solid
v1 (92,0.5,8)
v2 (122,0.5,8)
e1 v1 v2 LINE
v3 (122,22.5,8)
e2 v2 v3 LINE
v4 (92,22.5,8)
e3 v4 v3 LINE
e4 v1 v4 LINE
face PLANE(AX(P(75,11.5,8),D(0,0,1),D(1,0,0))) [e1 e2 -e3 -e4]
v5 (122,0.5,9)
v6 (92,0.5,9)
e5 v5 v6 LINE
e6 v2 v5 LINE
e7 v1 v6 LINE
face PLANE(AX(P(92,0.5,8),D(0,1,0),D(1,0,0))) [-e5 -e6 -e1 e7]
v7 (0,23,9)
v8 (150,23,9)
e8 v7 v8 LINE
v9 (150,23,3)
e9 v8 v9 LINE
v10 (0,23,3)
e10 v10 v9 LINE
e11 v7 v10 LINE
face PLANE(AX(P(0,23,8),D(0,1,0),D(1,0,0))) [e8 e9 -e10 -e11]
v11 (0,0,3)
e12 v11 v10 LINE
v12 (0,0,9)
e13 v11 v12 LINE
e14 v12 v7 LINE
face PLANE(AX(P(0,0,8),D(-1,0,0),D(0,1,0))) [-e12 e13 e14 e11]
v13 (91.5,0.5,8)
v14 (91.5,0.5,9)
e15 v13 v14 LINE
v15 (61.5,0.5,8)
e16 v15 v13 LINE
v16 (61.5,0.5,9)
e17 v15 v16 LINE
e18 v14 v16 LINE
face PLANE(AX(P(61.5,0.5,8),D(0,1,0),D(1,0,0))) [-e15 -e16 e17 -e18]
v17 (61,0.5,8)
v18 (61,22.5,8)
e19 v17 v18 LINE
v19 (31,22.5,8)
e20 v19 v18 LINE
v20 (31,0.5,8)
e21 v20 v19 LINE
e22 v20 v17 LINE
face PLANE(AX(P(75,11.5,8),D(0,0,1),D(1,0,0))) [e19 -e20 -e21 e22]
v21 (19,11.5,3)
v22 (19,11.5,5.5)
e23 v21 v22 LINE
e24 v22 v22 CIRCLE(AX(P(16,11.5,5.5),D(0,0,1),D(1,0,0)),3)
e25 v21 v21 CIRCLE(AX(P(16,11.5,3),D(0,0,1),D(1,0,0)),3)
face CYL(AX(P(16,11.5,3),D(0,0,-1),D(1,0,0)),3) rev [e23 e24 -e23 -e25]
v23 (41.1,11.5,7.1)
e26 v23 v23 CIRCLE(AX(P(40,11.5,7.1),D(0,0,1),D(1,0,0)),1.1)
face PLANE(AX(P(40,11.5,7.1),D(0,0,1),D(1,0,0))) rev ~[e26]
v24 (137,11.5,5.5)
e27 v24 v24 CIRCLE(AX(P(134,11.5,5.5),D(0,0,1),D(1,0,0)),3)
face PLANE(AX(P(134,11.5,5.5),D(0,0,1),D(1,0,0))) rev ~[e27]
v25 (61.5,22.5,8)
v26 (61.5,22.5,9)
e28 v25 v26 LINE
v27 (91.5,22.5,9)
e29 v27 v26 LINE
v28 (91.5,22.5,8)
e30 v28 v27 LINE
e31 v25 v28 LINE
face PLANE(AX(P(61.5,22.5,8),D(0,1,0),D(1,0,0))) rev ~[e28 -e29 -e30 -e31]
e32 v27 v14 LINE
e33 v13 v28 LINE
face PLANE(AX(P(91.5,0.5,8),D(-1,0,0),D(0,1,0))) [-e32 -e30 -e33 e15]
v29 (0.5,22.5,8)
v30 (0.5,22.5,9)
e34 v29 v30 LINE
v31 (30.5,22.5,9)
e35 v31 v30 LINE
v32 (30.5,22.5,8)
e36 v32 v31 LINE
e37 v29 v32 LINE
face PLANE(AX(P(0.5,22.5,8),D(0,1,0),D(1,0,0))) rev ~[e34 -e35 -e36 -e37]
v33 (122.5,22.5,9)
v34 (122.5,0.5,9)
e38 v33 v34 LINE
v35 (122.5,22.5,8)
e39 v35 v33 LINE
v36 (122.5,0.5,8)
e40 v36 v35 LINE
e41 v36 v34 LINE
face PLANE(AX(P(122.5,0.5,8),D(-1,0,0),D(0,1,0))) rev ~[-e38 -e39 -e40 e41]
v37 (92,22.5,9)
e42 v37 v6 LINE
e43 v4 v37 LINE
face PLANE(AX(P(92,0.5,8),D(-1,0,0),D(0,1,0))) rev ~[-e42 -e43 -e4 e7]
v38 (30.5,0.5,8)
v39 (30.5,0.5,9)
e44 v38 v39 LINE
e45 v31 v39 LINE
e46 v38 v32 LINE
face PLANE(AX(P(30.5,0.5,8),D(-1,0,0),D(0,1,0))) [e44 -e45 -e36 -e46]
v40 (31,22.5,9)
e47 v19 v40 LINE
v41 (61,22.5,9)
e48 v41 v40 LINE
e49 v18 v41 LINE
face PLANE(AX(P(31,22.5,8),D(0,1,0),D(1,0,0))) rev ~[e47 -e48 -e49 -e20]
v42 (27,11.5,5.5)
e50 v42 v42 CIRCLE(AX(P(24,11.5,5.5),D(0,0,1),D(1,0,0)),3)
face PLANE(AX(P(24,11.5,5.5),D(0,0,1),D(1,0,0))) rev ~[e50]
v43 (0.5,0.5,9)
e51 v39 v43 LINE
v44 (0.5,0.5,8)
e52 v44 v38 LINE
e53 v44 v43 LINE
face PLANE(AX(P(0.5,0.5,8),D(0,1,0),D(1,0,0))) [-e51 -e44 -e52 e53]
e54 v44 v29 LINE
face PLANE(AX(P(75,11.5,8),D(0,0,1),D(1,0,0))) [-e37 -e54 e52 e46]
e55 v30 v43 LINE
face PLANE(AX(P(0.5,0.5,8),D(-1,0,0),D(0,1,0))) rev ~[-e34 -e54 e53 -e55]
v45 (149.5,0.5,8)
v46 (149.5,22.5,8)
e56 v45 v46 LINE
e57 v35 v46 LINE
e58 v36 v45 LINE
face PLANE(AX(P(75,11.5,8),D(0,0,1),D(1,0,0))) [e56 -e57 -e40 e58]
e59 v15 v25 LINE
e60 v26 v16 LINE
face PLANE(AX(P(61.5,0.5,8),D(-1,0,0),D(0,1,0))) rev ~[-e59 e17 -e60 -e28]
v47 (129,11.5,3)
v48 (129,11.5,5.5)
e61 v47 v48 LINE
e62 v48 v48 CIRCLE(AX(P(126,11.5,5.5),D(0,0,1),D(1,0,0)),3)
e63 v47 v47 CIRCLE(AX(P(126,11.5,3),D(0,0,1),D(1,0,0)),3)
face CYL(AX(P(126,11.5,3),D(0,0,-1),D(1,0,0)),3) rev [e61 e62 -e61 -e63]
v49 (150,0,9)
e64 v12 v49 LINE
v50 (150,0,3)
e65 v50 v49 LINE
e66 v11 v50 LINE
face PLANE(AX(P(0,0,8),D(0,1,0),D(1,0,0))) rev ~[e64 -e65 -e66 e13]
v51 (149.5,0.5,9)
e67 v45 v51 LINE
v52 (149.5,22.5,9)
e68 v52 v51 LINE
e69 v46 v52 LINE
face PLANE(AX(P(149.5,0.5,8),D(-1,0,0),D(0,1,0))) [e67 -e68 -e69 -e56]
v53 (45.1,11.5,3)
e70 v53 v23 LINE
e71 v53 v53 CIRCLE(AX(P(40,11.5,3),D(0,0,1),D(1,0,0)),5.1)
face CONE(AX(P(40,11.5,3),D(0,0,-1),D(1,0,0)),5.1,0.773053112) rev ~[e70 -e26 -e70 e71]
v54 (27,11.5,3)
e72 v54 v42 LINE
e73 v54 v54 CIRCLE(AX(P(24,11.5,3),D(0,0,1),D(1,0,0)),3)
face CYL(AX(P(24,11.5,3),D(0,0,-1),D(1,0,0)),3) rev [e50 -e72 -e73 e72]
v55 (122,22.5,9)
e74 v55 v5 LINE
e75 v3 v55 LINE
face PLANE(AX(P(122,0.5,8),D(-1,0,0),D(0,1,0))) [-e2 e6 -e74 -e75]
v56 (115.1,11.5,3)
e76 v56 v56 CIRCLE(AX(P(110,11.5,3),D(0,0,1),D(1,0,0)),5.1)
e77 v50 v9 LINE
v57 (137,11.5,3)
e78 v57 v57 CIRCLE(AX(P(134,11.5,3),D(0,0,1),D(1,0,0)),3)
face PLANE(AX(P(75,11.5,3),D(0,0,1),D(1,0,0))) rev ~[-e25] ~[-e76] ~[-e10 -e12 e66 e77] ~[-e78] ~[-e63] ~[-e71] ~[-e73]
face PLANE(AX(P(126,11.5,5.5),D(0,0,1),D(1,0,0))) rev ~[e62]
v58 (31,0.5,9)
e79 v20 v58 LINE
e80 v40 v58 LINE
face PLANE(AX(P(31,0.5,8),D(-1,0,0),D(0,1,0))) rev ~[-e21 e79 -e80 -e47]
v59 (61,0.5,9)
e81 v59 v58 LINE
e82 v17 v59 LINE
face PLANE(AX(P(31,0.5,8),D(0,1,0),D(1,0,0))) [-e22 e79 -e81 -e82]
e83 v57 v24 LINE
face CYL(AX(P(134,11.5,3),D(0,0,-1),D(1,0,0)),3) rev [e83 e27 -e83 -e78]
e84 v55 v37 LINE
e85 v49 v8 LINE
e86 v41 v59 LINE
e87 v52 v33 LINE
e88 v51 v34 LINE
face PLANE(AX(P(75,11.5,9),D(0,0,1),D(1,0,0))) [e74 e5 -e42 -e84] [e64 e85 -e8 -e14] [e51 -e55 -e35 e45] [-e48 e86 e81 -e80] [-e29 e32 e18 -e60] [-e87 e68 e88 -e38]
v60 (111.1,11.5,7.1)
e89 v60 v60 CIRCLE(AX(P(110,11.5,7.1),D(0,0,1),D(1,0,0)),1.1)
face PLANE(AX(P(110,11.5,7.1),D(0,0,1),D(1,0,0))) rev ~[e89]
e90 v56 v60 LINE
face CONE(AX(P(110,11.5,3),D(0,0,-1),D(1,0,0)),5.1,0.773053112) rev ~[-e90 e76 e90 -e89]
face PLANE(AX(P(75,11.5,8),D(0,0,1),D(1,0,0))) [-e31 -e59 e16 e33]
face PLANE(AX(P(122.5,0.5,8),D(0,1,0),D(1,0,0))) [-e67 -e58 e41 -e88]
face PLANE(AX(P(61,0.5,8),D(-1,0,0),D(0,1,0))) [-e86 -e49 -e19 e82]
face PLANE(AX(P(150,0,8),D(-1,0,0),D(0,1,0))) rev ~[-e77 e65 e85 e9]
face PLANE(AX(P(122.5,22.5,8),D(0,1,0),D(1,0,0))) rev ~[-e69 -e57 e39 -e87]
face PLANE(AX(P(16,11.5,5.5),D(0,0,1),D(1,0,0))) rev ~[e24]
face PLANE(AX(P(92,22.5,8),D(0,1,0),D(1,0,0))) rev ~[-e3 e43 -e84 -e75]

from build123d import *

# Parameters (mm, degrees)
BOX029_W          = 30
BOX029_H          = 22
BOX029_DEPTH      = 1.5
BOX030_W          = 27
BOX030_H          = 22
BOX030_DEPTH      = 1.5
BOX028_W          = 30
BOX028_H          = 22
BOX028_DEPTH      = 1.5
BOX027_W          = 30
BOX027_H          = 22
BOX027_DEPTH      = 1.5
BOX026_W          = 30
BOX026_H          = 22
BOX026_DEPTH      = 1.5
BOX025_W          = 150
BOX025_H          = 23
BOX025_DEPTH      = 1
CYLINDER006_R     = 3
CYLINDER006_DEPTH = 2.5
CYLINDER005_R     = 3
CYLINDER005_DEPTH = 2.5
CYLINDER007_R     = 3
CYLINDER007_DEPTH = 2.5
CYLINDER004_R     = 3
CYLINDER004_DEPTH = 2.5
BOX001_W          = 150
BOX001_H          = 23
BOX001_DEPTH      = 5


with BuildPart() as cube007:
    # Box029 → Box029 (new body)
    with BuildSketch(Plane(origin=(92, 0.5, 8), x_dir=(1, 0, 0), z_dir=(0, 0, 1))):
        with Locations((15, 11)):
            Rectangle(BOX029_W, BOX029_H)
    extrude(amount=BOX029_DEPTH)


with BuildPart() as cube008:
    # Box030 → Box030 (new body)
    with BuildSketch(Plane(origin=(122.5, 0.5, 8), x_dir=(1, 0, 0), z_dir=(0, 0, 1))):
        with Locations((13.5, 11)):
            Rectangle(BOX030_W, BOX030_H)
    extrude(amount=BOX030_DEPTH)


with BuildPart() as cube006:
    # Box028 → Box028 (new body)
    with BuildSketch(Plane(origin=(61.5, 0.5, 8), x_dir=(1, 0, 0), z_dir=(0, 0, 1))):
        with Locations((15, 11)):
            Rectangle(BOX028_W, BOX028_H)
    extrude(amount=BOX028_DEPTH)


with BuildPart() as cube005:
    # Box027 → Box027 (new body)
    with BuildSketch(Plane(origin=(31, 0.5, 8), x_dir=(1, 0, 0), z_dir=(0, 0, 1))):
        with Locations((15, 11)):
            Rectangle(BOX027_W, BOX027_H)
    extrude(amount=BOX027_DEPTH)


with BuildPart() as remove_holes:
    # Box026 → Box026 (new body)
    with BuildSketch(Plane(origin=(0.5, 0.5, 8), x_dir=(1, 0, 0), z_dir=(0, 0, 1))):
        with Locations((15, 11)):
            Rectangle(BOX026_W, BOX026_H)
    extrude(amount=BOX026_DEPTH)

    # Fusion027: union Cube007, Cube008, Cube006, Cube005
    add(cube007.part)
    add(cube008.part)
    add(cube006.part)
    add(cube005.part)


with BuildPart() as f_5x_loose:
    # Box025 → Box025 (new body)
    with BuildSketch(Plane.XY.offset(8)):
        with Locations((75, 11.5)):
            Rectangle(BOX025_W, BOX025_H)
    extrude(amount=BOX025_DEPTH)

    # Cut010: cut remove_holes
    add(remove_holes.part, mode=Mode.SUBTRACT)


with BuildPart() as cone002:
    # Cone002 → Cone002 (revolve)
    with BuildSketch(Plane(origin=(40, 11.5, 3), x_dir=(1, 0, 0), z_dir=(0, -1, 0))):
        Polygon((0, 0), (5.1, 0), (1.1, 4.1), (0, 4.1), align=None)
    revolve(axis=Axis((40, 11.5, 3), (0, 0, 1)))


with BuildPart() as cone003:
    # Cone003 → Cone003 (revolve)
    with BuildSketch(Plane(origin=(110, 11.5, 3), x_dir=(1, 0, 0), z_dir=(0, -1, 0))):
        Polygon((0, 0), (5.1, 0), (1.1, 4.1), (0, 4.1), align=None)
    revolve(axis=Axis((110, 11.5, 3), (0, 0, 1)))


with BuildPart() as cylinder006:
    # Cylinder006 → Cylinder006 (new body)
    with BuildSketch(Plane(origin=(24, 11.5, 3), x_dir=(1, 0, 0), z_dir=(0, 0, 1))):
        Circle(CYLINDER006_R)
    extrude(amount=CYLINDER006_DEPTH)


with BuildPart() as cylinder005:
    # Cylinder005 → Cylinder005 (new body)
    with BuildSketch(Plane(origin=(126, 11.5, 3), x_dir=(1, 0, 0), z_dir=(0, 0, 1))):
        Circle(CYLINDER005_R)
    extrude(amount=CYLINDER005_DEPTH)


with BuildPart() as cylinder007:
    # Cylinder007 → Cylinder007 (new body)
    with BuildSketch(Plane(origin=(134, 11.5, 3), x_dir=(1, 0, 0), z_dir=(0, 0, 1))):
        Circle(CYLINDER007_R)
    extrude(amount=CYLINDER007_DEPTH)


with BuildPart() as removals:
    # Cylinder004 → Cylinder004 (new body)
    with BuildSketch(Plane(origin=(16, 11.5, 3), x_dir=(1, 0, 0), z_dir=(0, 0, 1))):
        Circle(CYLINDER004_R)
    extrude(amount=CYLINDER004_DEPTH)

    # Fusion002: union Cone002, Cone003, Cylinder006, Cylinder005, Cylinder007
    add(cone002.part)
    add(cone003.part)
    add(cylinder006.part)
    add(cylinder005.part)
    add(cylinder007.part)


with BuildPart() as top_5x_loose:
    # Box001 → Box001 (new body)
    with BuildSketch(Plane.XY.offset(3)):
        with Locations((75, 11.5)):
            Rectangle(BOX001_W, BOX001_H)
    extrude(amount=BOX001_DEPTH)

    # Cut009: cut removals
    add(removals.part, mode=Mode.SUBTRACT)

    # Fusion028: union 5x_loose
    add(f_5x_loose.part)


solid = top_5x_loose.part
